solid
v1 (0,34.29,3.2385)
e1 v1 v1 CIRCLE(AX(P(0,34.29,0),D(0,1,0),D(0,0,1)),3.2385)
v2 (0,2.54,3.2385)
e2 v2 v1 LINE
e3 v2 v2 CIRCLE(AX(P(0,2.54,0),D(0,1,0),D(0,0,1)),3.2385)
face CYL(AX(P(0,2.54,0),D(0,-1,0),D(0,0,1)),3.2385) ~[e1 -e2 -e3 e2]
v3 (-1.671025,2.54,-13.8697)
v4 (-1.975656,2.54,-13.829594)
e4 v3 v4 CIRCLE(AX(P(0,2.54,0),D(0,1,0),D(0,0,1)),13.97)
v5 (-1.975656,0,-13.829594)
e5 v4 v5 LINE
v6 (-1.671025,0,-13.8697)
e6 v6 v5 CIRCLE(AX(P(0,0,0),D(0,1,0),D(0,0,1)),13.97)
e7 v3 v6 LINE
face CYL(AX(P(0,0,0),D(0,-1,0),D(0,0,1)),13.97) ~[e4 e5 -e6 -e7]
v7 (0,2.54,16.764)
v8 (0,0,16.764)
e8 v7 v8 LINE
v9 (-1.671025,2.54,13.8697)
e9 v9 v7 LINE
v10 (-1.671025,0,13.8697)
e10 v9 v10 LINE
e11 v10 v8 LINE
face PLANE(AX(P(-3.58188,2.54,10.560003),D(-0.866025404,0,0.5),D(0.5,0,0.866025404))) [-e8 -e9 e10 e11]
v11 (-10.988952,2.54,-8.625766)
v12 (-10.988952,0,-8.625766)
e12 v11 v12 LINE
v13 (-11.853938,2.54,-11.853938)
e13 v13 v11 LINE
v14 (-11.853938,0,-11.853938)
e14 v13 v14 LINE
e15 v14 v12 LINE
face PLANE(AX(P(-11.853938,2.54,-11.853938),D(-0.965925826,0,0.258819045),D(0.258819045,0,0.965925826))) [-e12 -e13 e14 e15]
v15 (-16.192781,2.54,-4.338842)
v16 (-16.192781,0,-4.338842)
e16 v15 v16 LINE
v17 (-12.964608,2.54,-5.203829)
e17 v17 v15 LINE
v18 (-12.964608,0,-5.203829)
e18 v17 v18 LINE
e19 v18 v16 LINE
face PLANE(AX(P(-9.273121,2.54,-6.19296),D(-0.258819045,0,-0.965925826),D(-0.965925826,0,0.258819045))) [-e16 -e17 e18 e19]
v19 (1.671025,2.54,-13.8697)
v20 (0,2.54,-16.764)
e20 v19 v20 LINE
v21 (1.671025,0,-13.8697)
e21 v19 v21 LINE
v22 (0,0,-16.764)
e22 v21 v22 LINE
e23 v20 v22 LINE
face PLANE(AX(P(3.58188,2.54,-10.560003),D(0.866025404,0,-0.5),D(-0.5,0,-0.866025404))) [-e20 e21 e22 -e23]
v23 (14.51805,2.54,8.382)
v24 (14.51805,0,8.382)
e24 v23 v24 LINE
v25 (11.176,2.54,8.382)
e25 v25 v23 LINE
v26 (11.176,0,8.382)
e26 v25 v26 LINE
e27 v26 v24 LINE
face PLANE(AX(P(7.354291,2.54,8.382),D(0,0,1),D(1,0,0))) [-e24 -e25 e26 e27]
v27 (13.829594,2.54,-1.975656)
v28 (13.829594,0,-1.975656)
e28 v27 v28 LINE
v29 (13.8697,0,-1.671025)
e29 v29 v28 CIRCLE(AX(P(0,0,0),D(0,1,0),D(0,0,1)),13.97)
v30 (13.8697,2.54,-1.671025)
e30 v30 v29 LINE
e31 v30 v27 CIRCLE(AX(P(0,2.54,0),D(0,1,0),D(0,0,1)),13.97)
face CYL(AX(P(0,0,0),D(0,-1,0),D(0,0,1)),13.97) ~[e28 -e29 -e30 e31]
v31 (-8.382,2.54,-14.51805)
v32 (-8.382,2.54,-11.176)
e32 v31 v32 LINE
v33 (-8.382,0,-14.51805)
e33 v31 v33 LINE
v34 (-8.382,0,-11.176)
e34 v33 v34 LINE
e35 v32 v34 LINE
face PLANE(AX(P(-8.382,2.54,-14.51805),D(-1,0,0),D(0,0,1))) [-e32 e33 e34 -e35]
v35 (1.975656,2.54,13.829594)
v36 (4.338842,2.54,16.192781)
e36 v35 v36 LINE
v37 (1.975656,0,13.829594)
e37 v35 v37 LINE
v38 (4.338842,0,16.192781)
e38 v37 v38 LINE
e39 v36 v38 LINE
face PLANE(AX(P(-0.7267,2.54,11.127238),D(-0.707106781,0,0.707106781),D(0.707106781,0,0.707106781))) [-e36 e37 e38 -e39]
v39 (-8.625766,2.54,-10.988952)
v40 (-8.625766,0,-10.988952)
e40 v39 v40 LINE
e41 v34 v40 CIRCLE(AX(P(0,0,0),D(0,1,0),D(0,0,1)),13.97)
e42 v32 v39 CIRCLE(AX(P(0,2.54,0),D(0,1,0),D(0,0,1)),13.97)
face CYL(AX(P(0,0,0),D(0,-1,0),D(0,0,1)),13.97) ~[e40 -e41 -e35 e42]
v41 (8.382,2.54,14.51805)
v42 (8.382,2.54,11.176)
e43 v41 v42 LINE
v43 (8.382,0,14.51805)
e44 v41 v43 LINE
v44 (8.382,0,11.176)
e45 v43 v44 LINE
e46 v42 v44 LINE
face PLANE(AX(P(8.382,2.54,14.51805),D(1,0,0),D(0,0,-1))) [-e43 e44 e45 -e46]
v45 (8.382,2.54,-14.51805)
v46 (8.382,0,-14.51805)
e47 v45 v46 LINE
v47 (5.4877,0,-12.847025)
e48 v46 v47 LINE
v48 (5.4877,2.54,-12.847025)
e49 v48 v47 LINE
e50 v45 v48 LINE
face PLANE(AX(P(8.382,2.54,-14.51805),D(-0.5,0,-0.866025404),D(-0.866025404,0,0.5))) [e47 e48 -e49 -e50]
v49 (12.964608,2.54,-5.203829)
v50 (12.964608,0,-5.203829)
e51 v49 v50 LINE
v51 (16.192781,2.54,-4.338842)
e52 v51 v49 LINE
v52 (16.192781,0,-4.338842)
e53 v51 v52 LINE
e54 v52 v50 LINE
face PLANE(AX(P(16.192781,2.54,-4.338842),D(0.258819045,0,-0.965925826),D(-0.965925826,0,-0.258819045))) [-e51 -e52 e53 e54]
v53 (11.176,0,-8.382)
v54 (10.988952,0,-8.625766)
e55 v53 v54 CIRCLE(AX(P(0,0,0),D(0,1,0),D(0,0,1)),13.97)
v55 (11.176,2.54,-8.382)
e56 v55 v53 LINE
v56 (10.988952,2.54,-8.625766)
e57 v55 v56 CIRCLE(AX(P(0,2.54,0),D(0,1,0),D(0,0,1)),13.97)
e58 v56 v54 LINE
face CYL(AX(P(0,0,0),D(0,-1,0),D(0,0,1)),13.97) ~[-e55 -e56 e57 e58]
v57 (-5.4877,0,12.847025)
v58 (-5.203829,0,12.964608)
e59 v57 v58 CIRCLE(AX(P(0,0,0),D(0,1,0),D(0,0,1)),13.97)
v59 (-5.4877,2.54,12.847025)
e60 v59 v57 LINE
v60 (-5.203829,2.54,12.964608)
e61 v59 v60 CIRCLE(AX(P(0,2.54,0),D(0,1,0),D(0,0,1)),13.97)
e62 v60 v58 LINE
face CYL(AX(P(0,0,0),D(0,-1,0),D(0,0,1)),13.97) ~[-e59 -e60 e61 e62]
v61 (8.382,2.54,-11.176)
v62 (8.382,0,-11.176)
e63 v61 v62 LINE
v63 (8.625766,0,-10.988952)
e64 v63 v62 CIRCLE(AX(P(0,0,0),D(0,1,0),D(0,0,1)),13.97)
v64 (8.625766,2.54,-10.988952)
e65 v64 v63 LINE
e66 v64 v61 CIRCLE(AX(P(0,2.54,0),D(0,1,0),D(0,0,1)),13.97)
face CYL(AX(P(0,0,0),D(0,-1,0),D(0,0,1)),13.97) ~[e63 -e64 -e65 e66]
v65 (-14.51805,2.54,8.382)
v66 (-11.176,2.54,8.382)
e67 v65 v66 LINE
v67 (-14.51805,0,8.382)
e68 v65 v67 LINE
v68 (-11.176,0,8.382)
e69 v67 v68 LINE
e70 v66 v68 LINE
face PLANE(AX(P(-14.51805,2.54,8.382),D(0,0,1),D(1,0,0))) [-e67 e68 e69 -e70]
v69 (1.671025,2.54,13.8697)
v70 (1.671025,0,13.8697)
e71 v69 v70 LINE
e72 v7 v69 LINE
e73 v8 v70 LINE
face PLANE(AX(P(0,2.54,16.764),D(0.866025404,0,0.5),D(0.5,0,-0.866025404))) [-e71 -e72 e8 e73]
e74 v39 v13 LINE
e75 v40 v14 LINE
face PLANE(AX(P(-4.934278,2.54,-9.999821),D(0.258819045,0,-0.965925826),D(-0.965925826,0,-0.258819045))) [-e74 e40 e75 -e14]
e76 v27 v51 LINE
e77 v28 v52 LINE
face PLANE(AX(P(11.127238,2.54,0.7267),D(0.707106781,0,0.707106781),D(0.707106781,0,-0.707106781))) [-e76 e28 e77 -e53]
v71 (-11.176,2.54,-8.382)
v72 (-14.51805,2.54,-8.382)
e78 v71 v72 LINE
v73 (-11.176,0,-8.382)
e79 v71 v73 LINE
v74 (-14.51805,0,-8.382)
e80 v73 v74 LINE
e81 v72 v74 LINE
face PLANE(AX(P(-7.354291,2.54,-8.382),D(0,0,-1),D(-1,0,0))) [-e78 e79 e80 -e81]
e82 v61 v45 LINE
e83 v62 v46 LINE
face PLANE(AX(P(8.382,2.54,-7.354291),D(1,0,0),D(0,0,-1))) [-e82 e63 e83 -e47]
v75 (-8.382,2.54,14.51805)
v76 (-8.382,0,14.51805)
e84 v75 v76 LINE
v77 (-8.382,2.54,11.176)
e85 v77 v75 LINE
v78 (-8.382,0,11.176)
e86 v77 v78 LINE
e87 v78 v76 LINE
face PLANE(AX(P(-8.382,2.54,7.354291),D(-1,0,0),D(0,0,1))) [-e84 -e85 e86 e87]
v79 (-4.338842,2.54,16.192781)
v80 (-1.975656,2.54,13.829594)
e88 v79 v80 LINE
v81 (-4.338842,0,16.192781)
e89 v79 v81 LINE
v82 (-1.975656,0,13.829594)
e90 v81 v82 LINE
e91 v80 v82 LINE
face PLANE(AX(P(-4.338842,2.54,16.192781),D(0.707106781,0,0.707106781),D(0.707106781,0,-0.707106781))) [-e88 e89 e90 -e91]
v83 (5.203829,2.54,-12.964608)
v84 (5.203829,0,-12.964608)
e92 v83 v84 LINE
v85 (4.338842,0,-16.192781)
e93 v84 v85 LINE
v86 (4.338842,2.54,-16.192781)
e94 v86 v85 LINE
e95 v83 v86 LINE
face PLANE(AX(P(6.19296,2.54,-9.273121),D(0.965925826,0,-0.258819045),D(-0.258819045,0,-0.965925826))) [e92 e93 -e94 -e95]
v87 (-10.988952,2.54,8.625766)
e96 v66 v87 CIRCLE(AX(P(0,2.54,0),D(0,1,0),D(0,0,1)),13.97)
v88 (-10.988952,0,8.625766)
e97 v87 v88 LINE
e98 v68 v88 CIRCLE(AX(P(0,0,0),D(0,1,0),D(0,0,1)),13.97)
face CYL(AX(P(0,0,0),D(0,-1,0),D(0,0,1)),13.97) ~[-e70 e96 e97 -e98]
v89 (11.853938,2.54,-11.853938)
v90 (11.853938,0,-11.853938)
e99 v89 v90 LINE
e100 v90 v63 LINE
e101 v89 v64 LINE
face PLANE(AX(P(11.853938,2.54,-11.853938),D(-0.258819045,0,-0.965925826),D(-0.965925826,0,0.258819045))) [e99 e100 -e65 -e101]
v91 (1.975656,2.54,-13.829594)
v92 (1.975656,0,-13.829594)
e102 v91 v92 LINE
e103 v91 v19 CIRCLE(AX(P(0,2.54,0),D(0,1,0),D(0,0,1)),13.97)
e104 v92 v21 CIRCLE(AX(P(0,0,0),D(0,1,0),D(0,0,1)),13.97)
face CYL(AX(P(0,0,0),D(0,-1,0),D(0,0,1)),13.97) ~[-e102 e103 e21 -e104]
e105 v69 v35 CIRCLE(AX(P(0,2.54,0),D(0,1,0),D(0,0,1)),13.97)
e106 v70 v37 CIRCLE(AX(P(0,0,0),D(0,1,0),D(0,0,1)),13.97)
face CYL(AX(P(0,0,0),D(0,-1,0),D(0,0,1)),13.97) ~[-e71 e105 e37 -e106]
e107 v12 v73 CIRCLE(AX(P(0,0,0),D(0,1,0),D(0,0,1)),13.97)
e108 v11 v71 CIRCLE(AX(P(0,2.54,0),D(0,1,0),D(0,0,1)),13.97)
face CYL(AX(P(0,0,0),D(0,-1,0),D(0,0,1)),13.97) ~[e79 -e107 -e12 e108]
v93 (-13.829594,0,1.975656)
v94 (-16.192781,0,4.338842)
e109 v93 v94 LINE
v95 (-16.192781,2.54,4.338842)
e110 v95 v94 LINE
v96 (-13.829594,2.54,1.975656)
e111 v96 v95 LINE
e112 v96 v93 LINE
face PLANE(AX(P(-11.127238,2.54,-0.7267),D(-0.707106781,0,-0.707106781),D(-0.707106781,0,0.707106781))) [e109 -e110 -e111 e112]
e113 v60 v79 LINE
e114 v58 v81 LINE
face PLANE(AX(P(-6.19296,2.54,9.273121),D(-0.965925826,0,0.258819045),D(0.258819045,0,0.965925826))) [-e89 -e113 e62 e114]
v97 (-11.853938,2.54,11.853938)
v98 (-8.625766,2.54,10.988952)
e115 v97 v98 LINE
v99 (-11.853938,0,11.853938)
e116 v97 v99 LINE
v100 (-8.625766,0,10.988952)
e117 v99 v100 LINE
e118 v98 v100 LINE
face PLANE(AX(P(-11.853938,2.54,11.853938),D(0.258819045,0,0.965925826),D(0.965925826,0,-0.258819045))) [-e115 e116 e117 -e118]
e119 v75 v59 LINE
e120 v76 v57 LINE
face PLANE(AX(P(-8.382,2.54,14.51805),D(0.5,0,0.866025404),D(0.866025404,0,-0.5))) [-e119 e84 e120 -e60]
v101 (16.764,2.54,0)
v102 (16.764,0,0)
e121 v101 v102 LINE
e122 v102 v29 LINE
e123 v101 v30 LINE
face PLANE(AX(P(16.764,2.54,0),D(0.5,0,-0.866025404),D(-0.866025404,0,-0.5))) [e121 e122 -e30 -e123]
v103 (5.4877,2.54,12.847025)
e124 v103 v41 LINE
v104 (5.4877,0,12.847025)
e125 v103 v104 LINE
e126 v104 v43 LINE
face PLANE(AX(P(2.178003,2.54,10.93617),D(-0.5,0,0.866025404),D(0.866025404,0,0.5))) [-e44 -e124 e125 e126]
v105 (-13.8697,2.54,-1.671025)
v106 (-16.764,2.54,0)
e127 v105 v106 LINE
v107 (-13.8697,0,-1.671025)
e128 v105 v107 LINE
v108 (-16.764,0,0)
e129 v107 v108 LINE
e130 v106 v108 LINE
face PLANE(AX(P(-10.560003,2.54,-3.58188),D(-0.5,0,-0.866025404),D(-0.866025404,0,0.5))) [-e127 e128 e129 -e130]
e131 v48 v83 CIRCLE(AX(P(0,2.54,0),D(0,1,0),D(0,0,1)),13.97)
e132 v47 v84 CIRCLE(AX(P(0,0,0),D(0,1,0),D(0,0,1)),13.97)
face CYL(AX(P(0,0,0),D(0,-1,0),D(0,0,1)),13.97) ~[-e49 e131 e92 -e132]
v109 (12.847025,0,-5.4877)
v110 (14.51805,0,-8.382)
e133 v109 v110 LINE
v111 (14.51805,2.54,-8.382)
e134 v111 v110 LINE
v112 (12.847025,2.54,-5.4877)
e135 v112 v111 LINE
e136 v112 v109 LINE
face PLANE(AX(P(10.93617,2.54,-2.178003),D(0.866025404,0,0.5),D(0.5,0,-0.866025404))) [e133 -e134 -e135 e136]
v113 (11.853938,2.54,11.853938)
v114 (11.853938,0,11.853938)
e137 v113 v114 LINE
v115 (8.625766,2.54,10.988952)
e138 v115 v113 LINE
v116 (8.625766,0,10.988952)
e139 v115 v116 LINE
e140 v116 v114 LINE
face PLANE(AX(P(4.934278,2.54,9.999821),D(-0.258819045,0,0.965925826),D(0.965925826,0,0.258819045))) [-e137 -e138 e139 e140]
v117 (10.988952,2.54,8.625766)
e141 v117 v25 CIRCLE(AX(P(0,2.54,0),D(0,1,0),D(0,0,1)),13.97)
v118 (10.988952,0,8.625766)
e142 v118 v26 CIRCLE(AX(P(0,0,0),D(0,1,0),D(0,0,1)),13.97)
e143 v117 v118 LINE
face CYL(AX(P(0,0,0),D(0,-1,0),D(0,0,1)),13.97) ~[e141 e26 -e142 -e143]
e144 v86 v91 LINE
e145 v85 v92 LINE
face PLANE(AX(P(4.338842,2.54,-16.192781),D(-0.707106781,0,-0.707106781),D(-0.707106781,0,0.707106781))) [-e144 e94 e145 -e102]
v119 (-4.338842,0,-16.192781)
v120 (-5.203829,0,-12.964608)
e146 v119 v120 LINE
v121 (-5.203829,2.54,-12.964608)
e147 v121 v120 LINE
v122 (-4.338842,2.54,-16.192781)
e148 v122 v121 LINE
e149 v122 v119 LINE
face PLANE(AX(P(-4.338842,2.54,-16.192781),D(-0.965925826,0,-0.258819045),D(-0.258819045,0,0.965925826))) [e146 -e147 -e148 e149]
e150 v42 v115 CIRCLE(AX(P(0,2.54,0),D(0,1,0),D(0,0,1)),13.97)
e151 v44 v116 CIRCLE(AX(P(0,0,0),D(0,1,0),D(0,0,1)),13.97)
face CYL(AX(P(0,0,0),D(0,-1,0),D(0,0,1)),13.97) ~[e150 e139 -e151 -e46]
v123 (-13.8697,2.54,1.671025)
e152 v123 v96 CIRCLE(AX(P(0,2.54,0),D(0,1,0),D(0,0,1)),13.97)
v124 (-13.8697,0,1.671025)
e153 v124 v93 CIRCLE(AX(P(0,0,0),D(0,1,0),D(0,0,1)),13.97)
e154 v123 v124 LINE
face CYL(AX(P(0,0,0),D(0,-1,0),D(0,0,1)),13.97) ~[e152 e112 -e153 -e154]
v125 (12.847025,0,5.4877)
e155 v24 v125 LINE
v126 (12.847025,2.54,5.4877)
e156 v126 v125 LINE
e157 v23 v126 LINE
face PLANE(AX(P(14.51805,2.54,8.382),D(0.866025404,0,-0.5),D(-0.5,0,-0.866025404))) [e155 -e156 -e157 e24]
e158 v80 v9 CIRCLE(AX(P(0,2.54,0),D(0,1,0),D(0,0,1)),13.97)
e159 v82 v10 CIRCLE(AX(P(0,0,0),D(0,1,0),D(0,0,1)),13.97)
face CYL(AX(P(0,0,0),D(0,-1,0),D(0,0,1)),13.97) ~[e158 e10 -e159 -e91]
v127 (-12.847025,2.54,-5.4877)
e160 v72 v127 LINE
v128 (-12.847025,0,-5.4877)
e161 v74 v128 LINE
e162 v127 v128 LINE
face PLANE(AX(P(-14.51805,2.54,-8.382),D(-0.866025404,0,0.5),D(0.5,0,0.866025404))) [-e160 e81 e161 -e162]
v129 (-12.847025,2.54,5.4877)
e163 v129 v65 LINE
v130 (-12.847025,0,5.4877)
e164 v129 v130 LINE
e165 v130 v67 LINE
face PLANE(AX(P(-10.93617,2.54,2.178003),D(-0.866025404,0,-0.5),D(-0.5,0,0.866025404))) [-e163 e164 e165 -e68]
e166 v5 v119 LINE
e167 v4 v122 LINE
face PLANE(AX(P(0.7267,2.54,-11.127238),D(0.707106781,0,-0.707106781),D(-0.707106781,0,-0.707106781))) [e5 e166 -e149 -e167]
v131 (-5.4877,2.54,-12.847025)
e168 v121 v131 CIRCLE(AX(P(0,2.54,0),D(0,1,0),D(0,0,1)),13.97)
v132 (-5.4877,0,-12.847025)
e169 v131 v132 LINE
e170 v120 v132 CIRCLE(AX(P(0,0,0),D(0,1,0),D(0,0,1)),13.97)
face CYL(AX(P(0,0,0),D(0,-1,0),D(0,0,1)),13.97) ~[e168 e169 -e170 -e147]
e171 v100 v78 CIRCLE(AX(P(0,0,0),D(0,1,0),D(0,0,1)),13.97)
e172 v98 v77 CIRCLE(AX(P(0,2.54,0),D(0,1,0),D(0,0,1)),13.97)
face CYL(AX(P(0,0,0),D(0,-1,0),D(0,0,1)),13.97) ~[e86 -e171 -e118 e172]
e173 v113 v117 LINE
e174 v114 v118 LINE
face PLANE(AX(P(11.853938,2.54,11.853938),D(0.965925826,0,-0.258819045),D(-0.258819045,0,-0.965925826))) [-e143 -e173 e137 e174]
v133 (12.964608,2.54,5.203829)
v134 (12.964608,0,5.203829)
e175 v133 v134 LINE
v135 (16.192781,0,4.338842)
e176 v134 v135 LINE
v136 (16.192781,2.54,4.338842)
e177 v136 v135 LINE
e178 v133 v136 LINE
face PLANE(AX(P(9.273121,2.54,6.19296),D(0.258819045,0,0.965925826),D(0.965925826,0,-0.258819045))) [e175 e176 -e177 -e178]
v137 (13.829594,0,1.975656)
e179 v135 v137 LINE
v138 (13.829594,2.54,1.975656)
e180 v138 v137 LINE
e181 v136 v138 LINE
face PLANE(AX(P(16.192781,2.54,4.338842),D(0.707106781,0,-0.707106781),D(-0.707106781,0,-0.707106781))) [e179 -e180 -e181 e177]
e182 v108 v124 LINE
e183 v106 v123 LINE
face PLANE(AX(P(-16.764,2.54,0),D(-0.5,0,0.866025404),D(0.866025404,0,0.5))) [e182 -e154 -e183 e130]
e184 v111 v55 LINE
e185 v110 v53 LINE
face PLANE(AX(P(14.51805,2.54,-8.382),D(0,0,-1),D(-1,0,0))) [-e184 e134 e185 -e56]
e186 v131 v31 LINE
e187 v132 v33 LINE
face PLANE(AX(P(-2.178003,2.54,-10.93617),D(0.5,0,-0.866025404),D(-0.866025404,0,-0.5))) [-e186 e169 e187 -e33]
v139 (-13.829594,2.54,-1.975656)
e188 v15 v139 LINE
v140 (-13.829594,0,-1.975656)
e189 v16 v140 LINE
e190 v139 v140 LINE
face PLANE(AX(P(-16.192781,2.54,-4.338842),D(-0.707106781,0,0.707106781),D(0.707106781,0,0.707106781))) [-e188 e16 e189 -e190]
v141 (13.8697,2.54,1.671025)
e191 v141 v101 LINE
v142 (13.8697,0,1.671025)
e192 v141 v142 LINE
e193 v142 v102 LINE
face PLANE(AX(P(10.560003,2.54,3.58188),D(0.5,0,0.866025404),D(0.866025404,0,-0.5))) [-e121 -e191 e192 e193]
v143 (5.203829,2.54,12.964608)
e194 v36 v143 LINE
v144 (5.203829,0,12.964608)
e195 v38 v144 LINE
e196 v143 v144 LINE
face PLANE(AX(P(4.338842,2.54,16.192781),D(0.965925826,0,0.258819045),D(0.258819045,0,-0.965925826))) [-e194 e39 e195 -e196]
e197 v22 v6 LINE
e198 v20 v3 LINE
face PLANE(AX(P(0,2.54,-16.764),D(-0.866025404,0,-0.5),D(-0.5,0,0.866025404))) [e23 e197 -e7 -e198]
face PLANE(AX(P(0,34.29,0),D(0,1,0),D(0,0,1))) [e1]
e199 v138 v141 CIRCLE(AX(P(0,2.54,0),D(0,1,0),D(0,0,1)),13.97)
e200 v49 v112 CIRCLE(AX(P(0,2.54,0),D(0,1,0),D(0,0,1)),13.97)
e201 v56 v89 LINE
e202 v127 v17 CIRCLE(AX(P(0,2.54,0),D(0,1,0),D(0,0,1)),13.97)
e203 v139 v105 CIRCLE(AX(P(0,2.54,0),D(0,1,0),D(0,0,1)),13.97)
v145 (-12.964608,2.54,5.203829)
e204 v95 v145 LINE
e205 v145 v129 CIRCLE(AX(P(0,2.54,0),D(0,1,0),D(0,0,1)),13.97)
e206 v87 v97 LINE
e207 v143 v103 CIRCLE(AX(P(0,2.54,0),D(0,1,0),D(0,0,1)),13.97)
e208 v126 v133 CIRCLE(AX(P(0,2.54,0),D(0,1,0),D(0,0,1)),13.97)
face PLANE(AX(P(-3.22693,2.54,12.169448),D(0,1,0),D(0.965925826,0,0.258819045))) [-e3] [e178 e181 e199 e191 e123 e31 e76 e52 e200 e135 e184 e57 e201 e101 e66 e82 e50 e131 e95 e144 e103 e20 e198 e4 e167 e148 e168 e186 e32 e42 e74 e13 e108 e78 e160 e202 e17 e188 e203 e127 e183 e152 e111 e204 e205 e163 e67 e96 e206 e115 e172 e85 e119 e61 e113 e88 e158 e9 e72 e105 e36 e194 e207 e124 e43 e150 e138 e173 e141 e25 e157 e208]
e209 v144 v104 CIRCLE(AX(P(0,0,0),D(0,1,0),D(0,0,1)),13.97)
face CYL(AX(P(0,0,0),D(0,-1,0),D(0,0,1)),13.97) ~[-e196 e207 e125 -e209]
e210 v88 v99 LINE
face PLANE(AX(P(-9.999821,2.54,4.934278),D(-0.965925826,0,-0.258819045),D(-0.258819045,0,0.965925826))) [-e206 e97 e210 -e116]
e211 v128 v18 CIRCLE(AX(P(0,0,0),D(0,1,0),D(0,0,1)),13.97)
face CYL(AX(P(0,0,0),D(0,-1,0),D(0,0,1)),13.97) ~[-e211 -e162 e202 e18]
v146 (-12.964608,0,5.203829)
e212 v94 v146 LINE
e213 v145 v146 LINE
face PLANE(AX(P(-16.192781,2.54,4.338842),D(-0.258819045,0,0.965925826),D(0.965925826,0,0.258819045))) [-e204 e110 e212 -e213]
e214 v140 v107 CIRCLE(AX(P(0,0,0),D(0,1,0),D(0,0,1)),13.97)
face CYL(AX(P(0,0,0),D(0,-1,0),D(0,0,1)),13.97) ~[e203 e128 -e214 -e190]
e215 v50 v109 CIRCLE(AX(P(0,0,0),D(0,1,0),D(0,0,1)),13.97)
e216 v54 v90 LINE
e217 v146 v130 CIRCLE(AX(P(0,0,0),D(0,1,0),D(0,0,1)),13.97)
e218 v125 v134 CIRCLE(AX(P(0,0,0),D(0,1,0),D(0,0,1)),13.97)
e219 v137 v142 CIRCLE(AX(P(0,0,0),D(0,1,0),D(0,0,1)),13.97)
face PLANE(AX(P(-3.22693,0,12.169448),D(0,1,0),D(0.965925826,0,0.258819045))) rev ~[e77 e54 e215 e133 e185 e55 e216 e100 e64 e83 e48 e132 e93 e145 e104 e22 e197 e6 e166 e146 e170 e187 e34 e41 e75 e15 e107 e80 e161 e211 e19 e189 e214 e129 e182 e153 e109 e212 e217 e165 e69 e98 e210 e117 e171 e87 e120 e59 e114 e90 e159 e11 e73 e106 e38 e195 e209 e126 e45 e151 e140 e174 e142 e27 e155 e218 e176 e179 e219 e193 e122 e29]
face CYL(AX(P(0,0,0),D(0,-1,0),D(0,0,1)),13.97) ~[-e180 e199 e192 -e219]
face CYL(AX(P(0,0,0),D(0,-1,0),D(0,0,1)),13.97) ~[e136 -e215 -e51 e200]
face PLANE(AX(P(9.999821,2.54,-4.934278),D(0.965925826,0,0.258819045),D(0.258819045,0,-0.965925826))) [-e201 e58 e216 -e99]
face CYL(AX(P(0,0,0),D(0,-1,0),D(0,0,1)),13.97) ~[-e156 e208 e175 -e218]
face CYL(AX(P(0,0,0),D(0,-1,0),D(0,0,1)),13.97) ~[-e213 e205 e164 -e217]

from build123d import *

# Parameters (mm, degrees)
SKETCH1_R           = 13.97
BOSS_EXTRUDE1_DEPTH = 2.54
BOSS_EXTRUDE2_DEPTH = 2.54
CIRPATTERN1_COUNT   = 24
SKETCH3_R           = 3.2385
BOSS_EXTRUDE3_DEPTH = 31.75


with BuildPart() as part:
    # Sketch1 → Boss-Extrude1 (new body)
    with BuildSketch(Plane(origin=(0, 0, 0), x_dir=(1, 0, 0), z_dir=(0, 1, 0))):
        Circle(SKETCH1_R)
    extrude(amount=BOSS_EXTRUDE1_DEPTH)

    # Sketch2 → Boss-Extrude2 (add)
    with BuildSketch(Plane(origin=(0, 2.54, 0), x_dir=(1, 0, 0), z_dir=(0, 1, 0))):
        Polygon((0, -16.764), (3.64730005, -10.446691002), (-3.581879589, -10.560002566), align=None)
    boss_extrude2 = extrude(amount=-BOSS_EXTRUDE2_DEPTH)

    # CirPattern1: Boss-Extrude2 ×24 about axis
    cirpattern1_axis = Axis((0, 2.667, 0), (0, -1, 0))
    for i in range(1, CIRPATTERN1_COUNT):
        add(boss_extrude2.rotate(cirpattern1_axis, i * 360 / CIRPATTERN1_COUNT))

    # Sketch3 → Boss-Extrude3 (add)
    with BuildSketch(Plane(origin=(0, 2.54, 0), x_dir=(1, 0, 0), z_dir=(0, 1, 0))):
        Circle(SKETCH3_R)
    extrude(amount=BOSS_EXTRUDE3_DEPTH)


solid = part.part
